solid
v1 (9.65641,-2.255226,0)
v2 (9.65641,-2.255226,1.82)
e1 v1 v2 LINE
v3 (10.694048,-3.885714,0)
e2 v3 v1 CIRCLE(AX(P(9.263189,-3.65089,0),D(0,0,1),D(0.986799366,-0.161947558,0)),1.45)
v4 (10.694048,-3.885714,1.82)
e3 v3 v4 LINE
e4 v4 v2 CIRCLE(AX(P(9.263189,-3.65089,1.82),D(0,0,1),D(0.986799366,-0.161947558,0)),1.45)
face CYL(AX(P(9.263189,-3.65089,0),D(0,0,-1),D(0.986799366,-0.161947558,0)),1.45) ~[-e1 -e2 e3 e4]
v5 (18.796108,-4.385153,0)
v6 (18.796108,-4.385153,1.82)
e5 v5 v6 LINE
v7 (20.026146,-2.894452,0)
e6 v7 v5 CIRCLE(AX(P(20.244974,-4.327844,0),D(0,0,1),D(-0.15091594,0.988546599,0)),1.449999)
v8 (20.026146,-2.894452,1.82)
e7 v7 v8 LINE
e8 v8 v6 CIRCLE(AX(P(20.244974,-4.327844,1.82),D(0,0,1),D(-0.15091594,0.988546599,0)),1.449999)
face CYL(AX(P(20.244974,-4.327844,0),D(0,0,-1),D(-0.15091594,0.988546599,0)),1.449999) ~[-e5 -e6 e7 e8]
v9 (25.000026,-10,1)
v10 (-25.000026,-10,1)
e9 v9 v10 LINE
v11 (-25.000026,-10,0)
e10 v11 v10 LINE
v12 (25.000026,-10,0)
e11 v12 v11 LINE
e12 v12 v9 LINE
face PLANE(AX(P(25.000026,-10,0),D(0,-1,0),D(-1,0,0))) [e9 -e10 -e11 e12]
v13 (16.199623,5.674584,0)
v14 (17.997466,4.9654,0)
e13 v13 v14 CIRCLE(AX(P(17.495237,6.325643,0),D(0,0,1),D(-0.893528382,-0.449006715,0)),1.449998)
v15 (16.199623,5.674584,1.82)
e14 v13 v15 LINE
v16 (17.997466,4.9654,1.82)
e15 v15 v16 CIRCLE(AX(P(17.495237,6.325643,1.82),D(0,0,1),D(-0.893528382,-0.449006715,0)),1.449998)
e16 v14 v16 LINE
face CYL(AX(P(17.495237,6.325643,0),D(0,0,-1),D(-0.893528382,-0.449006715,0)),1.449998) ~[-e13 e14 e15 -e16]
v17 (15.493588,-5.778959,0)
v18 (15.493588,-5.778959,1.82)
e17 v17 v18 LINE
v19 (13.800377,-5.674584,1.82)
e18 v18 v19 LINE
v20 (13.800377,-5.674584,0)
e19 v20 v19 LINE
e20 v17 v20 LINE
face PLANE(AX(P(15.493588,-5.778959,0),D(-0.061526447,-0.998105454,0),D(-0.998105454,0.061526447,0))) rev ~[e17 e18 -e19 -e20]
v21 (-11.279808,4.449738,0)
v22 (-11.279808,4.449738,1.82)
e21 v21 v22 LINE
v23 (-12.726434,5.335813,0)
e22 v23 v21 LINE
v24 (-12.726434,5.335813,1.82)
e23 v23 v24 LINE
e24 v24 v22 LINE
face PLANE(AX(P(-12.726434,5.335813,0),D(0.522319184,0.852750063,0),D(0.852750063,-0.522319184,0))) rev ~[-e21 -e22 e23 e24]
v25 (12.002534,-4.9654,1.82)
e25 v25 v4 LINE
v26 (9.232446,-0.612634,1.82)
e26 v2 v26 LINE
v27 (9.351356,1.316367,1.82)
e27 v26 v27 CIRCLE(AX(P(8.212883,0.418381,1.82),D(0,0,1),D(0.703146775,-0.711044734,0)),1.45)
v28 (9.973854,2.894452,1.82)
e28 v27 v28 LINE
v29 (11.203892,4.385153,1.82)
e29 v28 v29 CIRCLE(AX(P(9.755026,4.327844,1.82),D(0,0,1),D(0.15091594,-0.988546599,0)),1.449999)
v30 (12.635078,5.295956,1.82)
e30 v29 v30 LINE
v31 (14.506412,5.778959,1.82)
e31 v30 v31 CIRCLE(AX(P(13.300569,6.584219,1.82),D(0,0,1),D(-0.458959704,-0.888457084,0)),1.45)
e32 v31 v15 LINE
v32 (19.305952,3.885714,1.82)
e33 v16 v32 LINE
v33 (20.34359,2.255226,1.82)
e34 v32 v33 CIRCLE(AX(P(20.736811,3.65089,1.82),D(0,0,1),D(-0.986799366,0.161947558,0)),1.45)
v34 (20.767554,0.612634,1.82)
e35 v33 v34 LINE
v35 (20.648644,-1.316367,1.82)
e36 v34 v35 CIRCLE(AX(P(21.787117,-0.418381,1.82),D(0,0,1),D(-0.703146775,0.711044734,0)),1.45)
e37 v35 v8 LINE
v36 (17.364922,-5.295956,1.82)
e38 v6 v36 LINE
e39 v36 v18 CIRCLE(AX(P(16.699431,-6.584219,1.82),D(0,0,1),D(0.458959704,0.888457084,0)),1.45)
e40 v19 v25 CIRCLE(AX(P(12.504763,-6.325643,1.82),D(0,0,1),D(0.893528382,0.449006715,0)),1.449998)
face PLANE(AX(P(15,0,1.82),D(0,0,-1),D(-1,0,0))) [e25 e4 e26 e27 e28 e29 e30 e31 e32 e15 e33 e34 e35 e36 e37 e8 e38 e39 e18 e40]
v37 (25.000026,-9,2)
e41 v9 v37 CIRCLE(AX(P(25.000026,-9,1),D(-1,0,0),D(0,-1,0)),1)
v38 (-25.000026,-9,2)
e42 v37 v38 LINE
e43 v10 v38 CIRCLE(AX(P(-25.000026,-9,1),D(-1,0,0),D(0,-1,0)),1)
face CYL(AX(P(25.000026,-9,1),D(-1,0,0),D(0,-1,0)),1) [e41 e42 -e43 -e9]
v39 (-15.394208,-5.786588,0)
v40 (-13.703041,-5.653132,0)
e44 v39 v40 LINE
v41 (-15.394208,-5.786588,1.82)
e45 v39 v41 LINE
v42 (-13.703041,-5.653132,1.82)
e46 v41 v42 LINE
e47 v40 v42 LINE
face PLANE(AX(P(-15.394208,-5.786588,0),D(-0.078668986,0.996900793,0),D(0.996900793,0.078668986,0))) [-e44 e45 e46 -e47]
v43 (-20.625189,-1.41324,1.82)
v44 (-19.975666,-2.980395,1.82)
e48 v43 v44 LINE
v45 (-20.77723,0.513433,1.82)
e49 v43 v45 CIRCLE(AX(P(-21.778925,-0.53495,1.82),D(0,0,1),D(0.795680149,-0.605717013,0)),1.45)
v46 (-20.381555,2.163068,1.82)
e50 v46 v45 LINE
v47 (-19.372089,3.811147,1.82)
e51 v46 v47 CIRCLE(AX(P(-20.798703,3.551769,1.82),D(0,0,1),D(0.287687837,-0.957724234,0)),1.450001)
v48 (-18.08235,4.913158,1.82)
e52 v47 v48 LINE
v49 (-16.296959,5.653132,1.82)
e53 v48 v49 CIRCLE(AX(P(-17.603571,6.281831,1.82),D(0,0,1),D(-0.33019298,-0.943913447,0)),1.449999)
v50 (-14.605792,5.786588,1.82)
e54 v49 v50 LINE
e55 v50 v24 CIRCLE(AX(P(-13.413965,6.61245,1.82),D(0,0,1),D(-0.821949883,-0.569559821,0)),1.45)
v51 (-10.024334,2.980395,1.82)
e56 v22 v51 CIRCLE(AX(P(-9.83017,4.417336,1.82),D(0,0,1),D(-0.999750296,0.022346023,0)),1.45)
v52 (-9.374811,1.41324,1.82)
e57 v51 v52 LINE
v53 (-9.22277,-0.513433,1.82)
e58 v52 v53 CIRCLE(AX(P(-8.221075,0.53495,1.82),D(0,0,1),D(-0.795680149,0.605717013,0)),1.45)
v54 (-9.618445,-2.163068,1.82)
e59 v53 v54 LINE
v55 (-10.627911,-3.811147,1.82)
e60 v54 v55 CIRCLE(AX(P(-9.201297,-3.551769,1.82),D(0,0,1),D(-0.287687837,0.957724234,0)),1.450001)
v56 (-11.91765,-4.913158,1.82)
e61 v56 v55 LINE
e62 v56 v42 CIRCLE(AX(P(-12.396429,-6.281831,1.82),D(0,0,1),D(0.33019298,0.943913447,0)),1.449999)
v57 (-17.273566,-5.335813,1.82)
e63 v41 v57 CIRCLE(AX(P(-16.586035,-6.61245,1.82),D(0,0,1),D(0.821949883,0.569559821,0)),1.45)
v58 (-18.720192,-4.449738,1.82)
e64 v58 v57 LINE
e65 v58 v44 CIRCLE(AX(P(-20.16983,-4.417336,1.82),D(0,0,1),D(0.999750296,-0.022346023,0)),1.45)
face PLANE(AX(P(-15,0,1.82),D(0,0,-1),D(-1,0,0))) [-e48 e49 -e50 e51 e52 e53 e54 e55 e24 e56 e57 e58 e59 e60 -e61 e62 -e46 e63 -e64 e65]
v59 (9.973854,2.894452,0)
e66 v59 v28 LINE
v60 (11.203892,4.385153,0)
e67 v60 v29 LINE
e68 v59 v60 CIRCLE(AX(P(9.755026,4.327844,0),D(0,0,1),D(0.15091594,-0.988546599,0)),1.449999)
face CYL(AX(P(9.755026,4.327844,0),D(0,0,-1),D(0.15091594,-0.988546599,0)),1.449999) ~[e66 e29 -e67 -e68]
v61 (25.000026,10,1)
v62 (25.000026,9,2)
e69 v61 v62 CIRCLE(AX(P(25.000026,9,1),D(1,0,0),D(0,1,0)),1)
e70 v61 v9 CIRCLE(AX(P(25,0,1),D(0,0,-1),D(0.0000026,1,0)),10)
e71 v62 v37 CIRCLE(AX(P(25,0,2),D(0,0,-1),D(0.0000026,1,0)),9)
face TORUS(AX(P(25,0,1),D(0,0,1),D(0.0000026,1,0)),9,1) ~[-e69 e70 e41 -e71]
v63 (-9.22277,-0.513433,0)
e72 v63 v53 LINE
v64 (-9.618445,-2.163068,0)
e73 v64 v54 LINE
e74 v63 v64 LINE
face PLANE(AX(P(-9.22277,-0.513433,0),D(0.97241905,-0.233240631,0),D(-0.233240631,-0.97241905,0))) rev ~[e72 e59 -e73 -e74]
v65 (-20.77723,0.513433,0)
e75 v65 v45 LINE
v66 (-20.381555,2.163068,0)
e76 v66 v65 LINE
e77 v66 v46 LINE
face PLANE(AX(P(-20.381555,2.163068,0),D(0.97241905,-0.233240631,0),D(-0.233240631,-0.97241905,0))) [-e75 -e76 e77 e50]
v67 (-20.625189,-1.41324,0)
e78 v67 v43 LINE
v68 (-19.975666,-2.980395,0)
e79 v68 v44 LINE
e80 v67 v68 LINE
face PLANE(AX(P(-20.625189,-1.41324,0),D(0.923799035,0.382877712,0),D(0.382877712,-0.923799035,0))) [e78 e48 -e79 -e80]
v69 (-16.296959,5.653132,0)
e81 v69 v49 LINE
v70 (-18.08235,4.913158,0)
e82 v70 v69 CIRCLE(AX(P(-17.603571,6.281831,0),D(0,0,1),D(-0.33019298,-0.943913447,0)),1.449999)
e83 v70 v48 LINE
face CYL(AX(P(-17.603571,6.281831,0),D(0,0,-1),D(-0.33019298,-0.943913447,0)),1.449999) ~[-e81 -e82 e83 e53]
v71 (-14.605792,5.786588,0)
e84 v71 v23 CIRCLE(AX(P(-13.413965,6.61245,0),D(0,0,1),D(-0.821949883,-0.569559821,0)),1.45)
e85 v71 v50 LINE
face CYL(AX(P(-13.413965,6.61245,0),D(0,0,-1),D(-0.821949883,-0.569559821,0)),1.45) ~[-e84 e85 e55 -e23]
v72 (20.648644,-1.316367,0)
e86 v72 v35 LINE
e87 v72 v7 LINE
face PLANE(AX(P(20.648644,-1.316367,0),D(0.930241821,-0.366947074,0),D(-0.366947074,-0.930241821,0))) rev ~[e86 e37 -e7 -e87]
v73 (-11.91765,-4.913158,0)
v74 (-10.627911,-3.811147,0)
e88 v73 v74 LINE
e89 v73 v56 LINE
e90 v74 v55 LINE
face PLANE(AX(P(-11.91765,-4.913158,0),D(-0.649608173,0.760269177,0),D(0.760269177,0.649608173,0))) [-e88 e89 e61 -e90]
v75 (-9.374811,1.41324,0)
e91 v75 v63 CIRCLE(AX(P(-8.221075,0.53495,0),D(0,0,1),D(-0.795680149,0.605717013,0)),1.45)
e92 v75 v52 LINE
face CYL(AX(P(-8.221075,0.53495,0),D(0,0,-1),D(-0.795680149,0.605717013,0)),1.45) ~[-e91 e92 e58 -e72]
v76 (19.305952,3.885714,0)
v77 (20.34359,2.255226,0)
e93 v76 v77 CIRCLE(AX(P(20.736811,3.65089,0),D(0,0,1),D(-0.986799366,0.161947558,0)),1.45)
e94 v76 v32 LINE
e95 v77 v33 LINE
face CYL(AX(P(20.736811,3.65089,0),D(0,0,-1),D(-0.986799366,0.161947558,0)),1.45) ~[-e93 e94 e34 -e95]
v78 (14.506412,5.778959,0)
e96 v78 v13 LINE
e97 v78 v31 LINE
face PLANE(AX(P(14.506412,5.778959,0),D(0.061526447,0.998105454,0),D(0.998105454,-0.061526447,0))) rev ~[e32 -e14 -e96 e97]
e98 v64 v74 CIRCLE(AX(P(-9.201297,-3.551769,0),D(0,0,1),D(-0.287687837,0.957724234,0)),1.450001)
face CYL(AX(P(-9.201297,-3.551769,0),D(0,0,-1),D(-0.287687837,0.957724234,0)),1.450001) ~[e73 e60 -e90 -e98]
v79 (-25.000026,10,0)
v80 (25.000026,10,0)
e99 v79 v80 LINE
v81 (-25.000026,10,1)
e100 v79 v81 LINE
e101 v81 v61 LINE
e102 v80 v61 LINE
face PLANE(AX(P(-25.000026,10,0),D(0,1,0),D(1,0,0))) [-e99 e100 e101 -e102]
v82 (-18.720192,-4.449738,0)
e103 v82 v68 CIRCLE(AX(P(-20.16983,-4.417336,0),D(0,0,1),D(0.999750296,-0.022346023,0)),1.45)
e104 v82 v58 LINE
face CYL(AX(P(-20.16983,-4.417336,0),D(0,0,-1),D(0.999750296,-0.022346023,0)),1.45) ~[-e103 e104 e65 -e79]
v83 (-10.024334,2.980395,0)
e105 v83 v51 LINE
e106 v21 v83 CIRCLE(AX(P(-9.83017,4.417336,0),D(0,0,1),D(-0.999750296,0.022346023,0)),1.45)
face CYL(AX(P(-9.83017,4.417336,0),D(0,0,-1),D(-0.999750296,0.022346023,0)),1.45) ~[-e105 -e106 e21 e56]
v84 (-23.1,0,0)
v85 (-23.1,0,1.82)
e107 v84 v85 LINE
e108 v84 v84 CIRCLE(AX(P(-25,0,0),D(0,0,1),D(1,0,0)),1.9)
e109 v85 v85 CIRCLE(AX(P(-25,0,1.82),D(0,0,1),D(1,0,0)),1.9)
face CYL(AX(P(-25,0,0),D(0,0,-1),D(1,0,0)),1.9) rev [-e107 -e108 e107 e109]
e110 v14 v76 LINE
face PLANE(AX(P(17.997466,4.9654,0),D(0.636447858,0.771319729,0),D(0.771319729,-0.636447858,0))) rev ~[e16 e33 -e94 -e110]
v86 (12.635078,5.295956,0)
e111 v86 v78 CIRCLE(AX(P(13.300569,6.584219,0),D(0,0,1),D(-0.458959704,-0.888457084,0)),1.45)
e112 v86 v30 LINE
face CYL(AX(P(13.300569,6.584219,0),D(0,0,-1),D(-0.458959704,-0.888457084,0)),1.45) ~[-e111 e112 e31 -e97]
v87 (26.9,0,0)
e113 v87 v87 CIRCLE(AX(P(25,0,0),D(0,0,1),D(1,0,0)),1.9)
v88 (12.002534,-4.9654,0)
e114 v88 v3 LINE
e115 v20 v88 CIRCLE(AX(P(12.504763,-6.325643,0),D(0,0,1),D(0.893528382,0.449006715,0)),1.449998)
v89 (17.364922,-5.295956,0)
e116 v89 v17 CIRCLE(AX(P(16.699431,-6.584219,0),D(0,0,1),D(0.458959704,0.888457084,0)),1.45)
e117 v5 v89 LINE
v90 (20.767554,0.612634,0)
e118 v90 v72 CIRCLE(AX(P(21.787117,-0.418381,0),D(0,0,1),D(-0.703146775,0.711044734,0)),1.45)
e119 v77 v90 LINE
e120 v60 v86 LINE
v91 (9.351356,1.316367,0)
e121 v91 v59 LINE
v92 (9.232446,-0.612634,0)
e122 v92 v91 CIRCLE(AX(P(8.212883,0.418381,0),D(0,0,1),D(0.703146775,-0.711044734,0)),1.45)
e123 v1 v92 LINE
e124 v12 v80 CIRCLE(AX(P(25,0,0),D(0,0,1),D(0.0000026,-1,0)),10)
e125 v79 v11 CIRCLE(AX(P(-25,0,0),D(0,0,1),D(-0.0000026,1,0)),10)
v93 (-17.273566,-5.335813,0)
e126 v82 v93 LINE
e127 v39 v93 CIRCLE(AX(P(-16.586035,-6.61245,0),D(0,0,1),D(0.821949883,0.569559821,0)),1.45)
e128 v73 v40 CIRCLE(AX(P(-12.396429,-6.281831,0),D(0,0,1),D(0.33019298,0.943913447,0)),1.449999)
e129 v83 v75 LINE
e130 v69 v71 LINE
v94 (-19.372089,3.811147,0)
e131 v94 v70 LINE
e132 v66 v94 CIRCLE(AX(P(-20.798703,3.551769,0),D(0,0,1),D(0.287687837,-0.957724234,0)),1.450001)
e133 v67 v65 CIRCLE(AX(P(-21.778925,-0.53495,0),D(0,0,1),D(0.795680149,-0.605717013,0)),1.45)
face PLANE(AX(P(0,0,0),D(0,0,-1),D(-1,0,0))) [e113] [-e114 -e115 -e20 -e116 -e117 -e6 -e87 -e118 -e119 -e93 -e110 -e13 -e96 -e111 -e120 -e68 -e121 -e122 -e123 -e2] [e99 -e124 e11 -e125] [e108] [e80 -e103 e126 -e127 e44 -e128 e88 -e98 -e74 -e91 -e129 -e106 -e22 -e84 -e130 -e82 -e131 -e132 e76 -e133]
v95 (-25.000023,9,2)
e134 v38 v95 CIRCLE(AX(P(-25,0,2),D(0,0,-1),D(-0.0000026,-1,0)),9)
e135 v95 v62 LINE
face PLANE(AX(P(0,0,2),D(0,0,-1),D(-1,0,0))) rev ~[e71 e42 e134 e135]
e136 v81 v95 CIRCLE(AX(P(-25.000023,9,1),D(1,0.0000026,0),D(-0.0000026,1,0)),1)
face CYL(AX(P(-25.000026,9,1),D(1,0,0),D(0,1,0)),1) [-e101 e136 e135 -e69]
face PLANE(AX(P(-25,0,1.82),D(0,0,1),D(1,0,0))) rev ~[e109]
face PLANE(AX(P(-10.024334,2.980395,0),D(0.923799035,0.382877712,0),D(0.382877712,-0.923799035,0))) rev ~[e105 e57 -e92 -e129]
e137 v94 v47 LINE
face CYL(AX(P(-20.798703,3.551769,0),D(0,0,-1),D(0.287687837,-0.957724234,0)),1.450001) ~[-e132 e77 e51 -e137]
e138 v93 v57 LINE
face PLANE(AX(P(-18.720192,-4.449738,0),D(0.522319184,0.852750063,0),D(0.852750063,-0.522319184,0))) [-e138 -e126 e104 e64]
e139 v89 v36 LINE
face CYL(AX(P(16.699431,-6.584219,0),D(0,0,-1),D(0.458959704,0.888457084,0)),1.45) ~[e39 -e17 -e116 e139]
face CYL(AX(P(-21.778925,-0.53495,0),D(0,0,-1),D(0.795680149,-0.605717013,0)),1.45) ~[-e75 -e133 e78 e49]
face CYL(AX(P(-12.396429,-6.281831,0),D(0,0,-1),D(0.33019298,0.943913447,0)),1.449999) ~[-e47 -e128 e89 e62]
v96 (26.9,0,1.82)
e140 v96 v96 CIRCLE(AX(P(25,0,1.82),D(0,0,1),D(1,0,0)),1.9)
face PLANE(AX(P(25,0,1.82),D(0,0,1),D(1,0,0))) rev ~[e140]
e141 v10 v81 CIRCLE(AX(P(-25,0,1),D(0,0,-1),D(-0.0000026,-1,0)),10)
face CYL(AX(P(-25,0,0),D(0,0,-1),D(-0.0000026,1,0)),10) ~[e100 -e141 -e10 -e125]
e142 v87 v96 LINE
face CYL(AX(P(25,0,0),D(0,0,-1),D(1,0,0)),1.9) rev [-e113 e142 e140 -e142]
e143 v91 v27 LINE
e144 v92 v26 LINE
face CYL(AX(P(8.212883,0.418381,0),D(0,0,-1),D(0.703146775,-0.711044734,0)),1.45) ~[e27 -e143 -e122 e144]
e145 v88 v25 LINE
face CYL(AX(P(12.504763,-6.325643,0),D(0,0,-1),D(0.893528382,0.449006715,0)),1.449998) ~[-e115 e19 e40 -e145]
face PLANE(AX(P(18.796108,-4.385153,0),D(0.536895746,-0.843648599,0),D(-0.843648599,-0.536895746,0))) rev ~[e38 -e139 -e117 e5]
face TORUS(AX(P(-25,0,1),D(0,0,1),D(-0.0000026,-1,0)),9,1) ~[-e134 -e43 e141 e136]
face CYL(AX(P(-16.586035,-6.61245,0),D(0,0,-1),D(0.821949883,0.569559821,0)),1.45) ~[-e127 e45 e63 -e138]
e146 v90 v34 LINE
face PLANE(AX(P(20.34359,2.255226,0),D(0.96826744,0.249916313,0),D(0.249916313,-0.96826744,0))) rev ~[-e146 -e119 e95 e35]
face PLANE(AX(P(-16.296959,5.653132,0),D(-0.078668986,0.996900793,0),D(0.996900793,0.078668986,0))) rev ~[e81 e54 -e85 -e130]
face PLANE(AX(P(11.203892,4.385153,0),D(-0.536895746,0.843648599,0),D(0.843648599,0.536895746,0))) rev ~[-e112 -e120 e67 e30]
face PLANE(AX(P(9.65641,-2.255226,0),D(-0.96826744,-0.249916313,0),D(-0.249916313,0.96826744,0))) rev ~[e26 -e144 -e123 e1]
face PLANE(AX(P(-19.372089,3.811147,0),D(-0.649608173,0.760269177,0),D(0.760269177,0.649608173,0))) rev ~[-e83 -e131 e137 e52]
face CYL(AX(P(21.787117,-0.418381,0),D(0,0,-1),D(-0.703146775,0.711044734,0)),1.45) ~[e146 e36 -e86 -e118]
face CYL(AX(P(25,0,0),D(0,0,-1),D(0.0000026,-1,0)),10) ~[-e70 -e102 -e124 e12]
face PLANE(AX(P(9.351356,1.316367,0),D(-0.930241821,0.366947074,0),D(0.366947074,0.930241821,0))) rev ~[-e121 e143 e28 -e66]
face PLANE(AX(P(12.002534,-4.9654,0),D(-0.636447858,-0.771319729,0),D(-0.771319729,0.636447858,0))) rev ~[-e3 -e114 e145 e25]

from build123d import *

# Parameters (mm, degrees)
PAD_DEPTH    = 2
FILLET_R     = 1
SKETCH001_R  = 1.9
POCKET_DEPTH = 1.82


with BuildPart() as part:
    # Sketch → Pad (new body)
    with BuildSketch(Plane.XY):
        with BuildLine():
            Line((-25.000026, 10), (25.000026, 10))
            ThreePointArc((25.000026, -10), (35, 0), (25.000026, 10))
            Line((25.000026, -10), (-25.000026, -10))
            ThreePointArc((-25.000026, 10), (-35, 0), (-25.000026, -10))
        make_face()
    extrude(amount=PAD_DEPTH)

    # Fillet
    fillet_edges = [part.edges().sort_by_distance(p)[0] for p in [
        (0, -10, 2),
        (-35, 0, 2),
        (0, 10, 2),
        (35, 0, 2),
    ]]
    fillet(fillet_edges, radius=FILLET_R)

    # Sketch001 → Pocket (cut)
    with BuildSketch(Plane.XY):
        with Locations((-25, 0)):
            Circle(SKETCH001_R)
        with Locations((25, 0)):
            Circle(SKETCH001_R)
        with BuildLine():
            ThreePointArc((-14.605792, 5.786588), (-13.752163, 5.202442), (-12.726434, 5.335813))
            Line((-12.726434, 5.335813), (-11.279808, 4.449738))
            ThreePointArc((-11.279808, 4.449738), (-10.93256, 3.475404), (-10.024334, 2.980395))
            Line((-10.024334, 2.980395), (-9.374811, 1.41324))
            ThreePointArc((-9.374811, 1.41324), (-9.666581, 0.42088), (-9.22277, -0.513433))
            Line((-9.22277, -0.513433), (-9.618445, -2.163068))
            ThreePointArc((-9.618445, -2.163068), (-10.437786, -2.794406), (-10.627911, -3.811147))
            Line((-11.91765, -4.913158), (-10.627911, -3.811147))
            ThreePointArc((-11.91765, -4.913158), (-12.951602, -4.942324), (-13.703041, -5.653132))
            Line((-15.394208, -5.786588), (-13.703041, -5.653132))
            ThreePointArc((-15.394208, -5.786588), (-16.247837, -5.202442), (-17.273566, -5.335813))
            Line((-18.720192, -4.449738), (-17.273566, -5.335813))
            ThreePointArc((-18.720192, -4.449738), (-19.06744, -3.475404), (-19.975666, -2.980395))
            Line((-20.625189, -1.41324), (-19.975666, -2.980395))
            ThreePointArc((-20.625189, -1.41324), (-20.333419, -0.42088), (-20.77723, 0.513433))
            Line((-20.381555, 2.163068), (-20.77723, 0.513433))
            ThreePointArc((-20.381555, 2.163068), (-19.562214, 2.794406), (-19.372089, 3.811147))
            Line((-19.372089, 3.811147), (-18.08235, 4.913158))
            ThreePointArc((-18.08235, 4.913158), (-17.048398, 4.942324), (-16.296959, 5.653132))
            Line((-16.296959, 5.653132), (-14.605792, 5.786588))
        make_face()
        with BuildLine():
            Line((20.648644, -1.316367), (20.026146, -2.894452))
            ThreePointArc((20.026146, -2.894452), (19.126561, -3.404995), (18.796108, -4.385153))
            Line((18.796108, -4.385153), (17.364922, -5.295956))
            ThreePointArc((17.364922, -5.295956), (16.337052, -5.180231), (15.493588, -5.778959))
            Line((15.493588, -5.778959), (13.800377, -5.674584))
            ThreePointArc((13.800377, -5.674584), (13.036835, -4.976794), (12.002534, -4.9654))
            Line((12.002534, -4.9654), (10.694048, -3.885714))
            ThreePointArc((10.694048, -3.885714), (10.48648, -2.872392), (9.65641, -2.255226))
            Line((9.65641, -2.255226), (9.232446, -0.612634))
            ThreePointArc((9.232446, -0.612634), (9.660136, 0.329167), (9.351356, 1.316367))
            Line((9.351356, 1.316367), (9.973854, 2.894452))
            ThreePointArc((9.973854, 2.894452), (10.873439, 3.404995), (11.203892, 4.385153))
            Line((11.203892, 4.385153), (12.635078, 5.295956))
            ThreePointArc((12.635078, 5.295956), (13.662948, 5.180231), (14.506412, 5.778959))
            Line((14.506412, 5.778959), (16.199623, 5.674584))
            ThreePointArc((16.199623, 5.674584), (16.963165, 4.976794), (17.997466, 4.9654))
            Line((17.997466, 4.9654), (19.305952, 3.885714))
            ThreePointArc((19.305952, 3.885714), (19.51352, 2.872392), (20.34359, 2.255226))
            Line((20.34359, 2.255226), (20.767554, 0.612634))
            ThreePointArc((20.767554, 0.612634), (20.339864, -0.329167), (20.648644, -1.316367))
        make_face()
    extrude(amount=POCKET_DEPTH, mode=Mode.SUBTRACT)


solid = part.part
